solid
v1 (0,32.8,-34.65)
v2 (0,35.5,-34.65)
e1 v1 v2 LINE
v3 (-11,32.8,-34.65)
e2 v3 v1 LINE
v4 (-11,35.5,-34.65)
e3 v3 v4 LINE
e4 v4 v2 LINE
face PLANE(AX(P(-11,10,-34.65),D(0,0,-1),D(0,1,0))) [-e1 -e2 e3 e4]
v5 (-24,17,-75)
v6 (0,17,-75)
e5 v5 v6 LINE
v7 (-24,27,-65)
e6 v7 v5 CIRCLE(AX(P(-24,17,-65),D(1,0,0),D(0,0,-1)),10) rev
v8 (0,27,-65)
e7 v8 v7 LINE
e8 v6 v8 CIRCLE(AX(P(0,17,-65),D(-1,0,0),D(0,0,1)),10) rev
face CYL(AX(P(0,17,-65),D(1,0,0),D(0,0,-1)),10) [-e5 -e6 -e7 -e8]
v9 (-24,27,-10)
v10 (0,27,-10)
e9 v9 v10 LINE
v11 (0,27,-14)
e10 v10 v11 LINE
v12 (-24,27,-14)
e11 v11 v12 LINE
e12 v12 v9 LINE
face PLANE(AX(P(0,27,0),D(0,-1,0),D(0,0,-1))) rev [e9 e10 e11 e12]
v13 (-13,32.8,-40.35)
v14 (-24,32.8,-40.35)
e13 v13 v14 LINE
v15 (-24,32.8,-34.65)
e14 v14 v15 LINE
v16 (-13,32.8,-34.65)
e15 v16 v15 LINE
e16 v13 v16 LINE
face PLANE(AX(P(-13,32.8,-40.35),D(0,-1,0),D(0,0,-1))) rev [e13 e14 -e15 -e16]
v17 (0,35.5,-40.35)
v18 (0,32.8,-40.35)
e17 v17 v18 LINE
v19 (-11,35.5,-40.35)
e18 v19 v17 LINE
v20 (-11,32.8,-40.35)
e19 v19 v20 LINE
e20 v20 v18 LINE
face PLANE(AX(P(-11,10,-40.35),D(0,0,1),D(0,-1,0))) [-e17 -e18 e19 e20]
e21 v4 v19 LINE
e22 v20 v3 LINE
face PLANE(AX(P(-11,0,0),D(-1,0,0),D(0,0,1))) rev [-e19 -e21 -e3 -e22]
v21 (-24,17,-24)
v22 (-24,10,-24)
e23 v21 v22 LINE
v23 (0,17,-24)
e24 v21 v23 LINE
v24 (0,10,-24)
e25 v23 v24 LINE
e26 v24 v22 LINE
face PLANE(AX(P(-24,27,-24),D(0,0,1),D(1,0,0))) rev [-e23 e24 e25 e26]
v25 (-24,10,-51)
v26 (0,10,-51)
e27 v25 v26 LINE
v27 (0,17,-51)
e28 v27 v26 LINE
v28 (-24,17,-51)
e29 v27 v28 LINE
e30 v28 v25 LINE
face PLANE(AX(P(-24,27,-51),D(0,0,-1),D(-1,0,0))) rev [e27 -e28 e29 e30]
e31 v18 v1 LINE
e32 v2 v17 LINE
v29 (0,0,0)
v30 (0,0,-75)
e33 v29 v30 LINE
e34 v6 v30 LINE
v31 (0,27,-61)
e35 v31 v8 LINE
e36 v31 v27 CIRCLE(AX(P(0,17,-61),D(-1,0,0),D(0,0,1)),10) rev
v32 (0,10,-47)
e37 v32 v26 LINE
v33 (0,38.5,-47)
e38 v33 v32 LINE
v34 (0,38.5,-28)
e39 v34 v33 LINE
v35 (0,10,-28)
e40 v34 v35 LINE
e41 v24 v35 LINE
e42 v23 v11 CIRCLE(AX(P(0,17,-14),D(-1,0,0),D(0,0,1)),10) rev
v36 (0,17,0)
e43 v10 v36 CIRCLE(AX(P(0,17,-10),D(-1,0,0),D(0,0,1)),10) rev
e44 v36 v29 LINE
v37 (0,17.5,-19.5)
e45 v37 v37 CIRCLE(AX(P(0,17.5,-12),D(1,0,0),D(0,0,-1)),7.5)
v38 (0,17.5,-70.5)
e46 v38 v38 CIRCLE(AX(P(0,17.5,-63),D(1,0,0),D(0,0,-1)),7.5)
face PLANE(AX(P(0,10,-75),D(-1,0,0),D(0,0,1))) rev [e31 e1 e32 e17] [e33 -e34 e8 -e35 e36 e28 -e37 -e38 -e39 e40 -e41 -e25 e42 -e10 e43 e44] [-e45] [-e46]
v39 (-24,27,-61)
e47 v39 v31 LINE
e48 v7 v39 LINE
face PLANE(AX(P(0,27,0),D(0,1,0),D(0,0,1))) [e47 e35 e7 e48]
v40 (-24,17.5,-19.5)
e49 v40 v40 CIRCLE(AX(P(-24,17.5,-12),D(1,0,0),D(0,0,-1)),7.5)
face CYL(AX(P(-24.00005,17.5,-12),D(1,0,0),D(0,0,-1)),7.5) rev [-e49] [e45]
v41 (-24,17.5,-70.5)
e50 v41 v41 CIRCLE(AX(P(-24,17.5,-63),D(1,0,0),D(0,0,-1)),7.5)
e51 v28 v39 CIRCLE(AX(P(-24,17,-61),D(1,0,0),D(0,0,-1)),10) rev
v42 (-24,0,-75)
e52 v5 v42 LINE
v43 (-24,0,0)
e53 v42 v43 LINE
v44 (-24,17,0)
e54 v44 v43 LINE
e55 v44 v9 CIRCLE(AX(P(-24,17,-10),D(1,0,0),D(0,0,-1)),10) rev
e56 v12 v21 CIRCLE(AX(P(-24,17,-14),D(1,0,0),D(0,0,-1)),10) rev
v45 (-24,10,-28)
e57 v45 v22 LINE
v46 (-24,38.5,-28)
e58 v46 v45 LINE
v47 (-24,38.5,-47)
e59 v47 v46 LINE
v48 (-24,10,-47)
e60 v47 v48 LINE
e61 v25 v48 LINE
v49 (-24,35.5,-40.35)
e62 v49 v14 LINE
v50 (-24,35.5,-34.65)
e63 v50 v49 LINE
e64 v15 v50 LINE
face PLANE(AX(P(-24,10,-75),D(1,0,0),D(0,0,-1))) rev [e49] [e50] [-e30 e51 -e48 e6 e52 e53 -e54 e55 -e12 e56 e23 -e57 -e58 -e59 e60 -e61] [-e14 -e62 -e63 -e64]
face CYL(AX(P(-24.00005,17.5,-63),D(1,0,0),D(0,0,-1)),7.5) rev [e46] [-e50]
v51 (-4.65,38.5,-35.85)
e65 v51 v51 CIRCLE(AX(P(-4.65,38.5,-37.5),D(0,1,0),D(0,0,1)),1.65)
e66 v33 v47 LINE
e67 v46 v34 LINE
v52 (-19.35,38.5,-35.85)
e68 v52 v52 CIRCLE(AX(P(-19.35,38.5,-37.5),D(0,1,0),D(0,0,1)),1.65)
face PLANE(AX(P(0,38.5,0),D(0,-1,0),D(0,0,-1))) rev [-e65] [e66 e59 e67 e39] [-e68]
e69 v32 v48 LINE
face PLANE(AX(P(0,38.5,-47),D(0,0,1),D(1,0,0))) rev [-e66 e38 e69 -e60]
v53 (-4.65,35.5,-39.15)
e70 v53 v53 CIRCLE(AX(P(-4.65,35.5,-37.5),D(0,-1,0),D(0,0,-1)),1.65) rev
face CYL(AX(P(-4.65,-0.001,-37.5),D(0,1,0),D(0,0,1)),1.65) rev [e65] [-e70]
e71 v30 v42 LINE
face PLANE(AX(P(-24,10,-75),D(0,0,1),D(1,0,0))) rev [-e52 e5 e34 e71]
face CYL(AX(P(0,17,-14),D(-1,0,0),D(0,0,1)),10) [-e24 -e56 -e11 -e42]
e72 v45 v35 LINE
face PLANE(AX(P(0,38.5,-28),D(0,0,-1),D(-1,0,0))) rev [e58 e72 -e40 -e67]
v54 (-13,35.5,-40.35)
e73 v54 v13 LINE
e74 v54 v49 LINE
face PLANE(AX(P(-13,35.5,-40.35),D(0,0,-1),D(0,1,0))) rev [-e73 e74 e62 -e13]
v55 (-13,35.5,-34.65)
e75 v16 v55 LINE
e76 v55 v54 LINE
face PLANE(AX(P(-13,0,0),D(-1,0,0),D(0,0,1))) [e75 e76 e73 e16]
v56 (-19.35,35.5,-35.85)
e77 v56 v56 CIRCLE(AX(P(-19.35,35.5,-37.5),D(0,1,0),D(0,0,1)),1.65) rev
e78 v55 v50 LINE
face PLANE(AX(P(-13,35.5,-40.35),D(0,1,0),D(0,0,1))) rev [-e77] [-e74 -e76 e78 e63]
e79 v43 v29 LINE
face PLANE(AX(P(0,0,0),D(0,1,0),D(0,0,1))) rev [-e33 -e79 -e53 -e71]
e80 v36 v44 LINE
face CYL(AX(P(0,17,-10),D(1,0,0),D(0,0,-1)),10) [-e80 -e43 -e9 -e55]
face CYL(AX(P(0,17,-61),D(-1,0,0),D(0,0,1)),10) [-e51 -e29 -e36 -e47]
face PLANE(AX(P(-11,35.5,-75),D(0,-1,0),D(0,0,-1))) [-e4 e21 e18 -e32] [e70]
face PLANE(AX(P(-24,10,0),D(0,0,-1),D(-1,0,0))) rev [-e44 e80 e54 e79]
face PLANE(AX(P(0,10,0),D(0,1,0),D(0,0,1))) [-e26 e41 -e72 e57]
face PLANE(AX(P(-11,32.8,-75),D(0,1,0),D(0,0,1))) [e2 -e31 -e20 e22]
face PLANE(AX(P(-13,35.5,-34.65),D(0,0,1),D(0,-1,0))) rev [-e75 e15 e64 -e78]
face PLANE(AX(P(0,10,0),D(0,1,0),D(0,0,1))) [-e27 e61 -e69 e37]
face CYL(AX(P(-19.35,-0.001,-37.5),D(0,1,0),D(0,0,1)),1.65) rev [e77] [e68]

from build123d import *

# Parameters (mm, degrees)
SKETCH1_W           = 24
SKETCH1_H           = 75
BOSS_EXTRUDE1_DEPTH = 10
SKETCH2_W           = 24
SKETCH2_H           = 24
BOSS_EXTRUDE2_DEPTH = 17
SKETCH3_R           = 7.5
CUT_EXTRUDE1_DEPTH  = 25
FILLET1_R           = 10
SKETCH4_W           = 24
SKETCH4_H           = 19
BOSS_EXTRUDE3_DEPTH = 28.5
SKETCH5_W           = 5.7
SKETCH5_H           = 2.7
CUT_EXTRUDE2_DEPTH  = 11
CUT_EXTRUDE3_START  = -24
SKETCH5_2_W         = 5.7
SKETCH5_2_H         = 2.7
CUT_EXTRUDE3_DEPTH  = 11
CUT_EXTRUDE4_REACH  = 40.5
SKETCH6_R           = 1.65


with BuildPart() as part:
    # Sketch1 → Boss-Extrude1 (new body)
    with BuildSketch(Plane(origin=(0, 0, 0), x_dir=(1, 0, 0), z_dir=(0, 1, 0))):
        with Locations((-12, 37.5)):
            Rectangle(SKETCH1_W, SKETCH1_H)
    extrude(amount=BOSS_EXTRUDE1_DEPTH)

    # Sketch2 → Boss-Extrude2 (add)
    with BuildSketch(Plane(origin=(0, 10, 0), x_dir=(1, 0, 0), z_dir=(0, 1, 0))):
        with Locations((-12, 12)):
            Rectangle(SKETCH2_W, SKETCH2_H)
        with Locations((-12, 63)):
            Rectangle(SKETCH2_W, SKETCH2_H)
    extrude(amount=BOSS_EXTRUDE2_DEPTH)

    # Sketch3 → Cut-Extrude1 (cut, through all)
    with BuildSketch(Plane(origin=(0, 0, 0), x_dir=(0, 0, -1), z_dir=(1, 0, 0))):
        with Locations((12, 17.5)):
            Circle(SKETCH3_R)
        with Locations((63, 17.5)):
            Circle(SKETCH3_R)
    extrude(amount=-CUT_EXTRUDE1_DEPTH, mode=Mode.SUBTRACT)

    # Fillet1
    fillet1_edges = [part.edges().sort_by_distance(p)[0] for p in [
        (-12, 27, -51),
        (-12, 27, -24),
        (-12, 27, 0),
        (-12, 27, -75),
    ]]
    fillet(fillet1_edges, radius=FILLET1_R)

    # Sketch4 → Boss-Extrude3 (add)
    with BuildSketch(Plane(origin=(0, 10, 0), x_dir=(1, 0, 0), z_dir=(0, 1, 0))):
        with Locations((-12, 37.5)):
            Rectangle(SKETCH4_W, SKETCH4_H)
    extrude(amount=BOSS_EXTRUDE3_DEPTH)

    # Sketch5 → Cut-Extrude2 (cut)
    with BuildSketch(Plane.ZY.offset(24)):
        with Locations((-37.5, 34.15)):
            Rectangle(SKETCH5_W, SKETCH5_H)
    extrude(amount=-CUT_EXTRUDE2_DEPTH, mode=Mode.SUBTRACT)

    # Sketch5<2> → Cut-Extrude3 (cut)
    with BuildSketch(Plane.ZY.offset(24).offset(CUT_EXTRUDE3_START)):
        with Locations((-37.5, 34.15)):
            Rectangle(SKETCH5_2_W, SKETCH5_2_H)
    extrude(amount=CUT_EXTRUDE3_DEPTH, mode=Mode.SUBTRACT)

    # Sketch6 → Cut-Extrude4 (cut, up to next)
    with BuildSketch(Plane(origin=(0, 38.5, 0), x_dir=(1, 0, 0), z_dir=(0, 1, 0)), mode=Mode.PRIVATE) as cut_extrude4_sk1:
        with Locations((-4.65, 37.5)):
            Circle(SKETCH6_R)
    cut_extrude4_tool1 = extrude(cut_extrude4_sk1.sketch, amount=-CUT_EXTRUDE4_REACH, mode=Mode.PRIVATE) & part.part
    add(cut_extrude4_tool1.solids().sort_by_distance((-4.65, 38.5, -37.5))[0], mode=Mode.SUBTRACT)
    # Sketch6 → Cut-Extrude4 (cut, up to next)
    with BuildSketch(Plane(origin=(0, 38.5, 0), x_dir=(1, 0, 0), z_dir=(0, 1, 0)), mode=Mode.PRIVATE) as cut_extrude4_sk2:
        with Locations((-19.35, 37.5)):
            Circle(SKETCH6_R)
    cut_extrude4_tool2 = extrude(cut_extrude4_sk2.sketch, amount=-CUT_EXTRUDE4_REACH, mode=Mode.PRIVATE) & part.part
    add(cut_extrude4_tool2.solids().sort_by_distance((-19.35, 38.5, -37.5))[0], mode=Mode.SUBTRACT)


solid = part.part
